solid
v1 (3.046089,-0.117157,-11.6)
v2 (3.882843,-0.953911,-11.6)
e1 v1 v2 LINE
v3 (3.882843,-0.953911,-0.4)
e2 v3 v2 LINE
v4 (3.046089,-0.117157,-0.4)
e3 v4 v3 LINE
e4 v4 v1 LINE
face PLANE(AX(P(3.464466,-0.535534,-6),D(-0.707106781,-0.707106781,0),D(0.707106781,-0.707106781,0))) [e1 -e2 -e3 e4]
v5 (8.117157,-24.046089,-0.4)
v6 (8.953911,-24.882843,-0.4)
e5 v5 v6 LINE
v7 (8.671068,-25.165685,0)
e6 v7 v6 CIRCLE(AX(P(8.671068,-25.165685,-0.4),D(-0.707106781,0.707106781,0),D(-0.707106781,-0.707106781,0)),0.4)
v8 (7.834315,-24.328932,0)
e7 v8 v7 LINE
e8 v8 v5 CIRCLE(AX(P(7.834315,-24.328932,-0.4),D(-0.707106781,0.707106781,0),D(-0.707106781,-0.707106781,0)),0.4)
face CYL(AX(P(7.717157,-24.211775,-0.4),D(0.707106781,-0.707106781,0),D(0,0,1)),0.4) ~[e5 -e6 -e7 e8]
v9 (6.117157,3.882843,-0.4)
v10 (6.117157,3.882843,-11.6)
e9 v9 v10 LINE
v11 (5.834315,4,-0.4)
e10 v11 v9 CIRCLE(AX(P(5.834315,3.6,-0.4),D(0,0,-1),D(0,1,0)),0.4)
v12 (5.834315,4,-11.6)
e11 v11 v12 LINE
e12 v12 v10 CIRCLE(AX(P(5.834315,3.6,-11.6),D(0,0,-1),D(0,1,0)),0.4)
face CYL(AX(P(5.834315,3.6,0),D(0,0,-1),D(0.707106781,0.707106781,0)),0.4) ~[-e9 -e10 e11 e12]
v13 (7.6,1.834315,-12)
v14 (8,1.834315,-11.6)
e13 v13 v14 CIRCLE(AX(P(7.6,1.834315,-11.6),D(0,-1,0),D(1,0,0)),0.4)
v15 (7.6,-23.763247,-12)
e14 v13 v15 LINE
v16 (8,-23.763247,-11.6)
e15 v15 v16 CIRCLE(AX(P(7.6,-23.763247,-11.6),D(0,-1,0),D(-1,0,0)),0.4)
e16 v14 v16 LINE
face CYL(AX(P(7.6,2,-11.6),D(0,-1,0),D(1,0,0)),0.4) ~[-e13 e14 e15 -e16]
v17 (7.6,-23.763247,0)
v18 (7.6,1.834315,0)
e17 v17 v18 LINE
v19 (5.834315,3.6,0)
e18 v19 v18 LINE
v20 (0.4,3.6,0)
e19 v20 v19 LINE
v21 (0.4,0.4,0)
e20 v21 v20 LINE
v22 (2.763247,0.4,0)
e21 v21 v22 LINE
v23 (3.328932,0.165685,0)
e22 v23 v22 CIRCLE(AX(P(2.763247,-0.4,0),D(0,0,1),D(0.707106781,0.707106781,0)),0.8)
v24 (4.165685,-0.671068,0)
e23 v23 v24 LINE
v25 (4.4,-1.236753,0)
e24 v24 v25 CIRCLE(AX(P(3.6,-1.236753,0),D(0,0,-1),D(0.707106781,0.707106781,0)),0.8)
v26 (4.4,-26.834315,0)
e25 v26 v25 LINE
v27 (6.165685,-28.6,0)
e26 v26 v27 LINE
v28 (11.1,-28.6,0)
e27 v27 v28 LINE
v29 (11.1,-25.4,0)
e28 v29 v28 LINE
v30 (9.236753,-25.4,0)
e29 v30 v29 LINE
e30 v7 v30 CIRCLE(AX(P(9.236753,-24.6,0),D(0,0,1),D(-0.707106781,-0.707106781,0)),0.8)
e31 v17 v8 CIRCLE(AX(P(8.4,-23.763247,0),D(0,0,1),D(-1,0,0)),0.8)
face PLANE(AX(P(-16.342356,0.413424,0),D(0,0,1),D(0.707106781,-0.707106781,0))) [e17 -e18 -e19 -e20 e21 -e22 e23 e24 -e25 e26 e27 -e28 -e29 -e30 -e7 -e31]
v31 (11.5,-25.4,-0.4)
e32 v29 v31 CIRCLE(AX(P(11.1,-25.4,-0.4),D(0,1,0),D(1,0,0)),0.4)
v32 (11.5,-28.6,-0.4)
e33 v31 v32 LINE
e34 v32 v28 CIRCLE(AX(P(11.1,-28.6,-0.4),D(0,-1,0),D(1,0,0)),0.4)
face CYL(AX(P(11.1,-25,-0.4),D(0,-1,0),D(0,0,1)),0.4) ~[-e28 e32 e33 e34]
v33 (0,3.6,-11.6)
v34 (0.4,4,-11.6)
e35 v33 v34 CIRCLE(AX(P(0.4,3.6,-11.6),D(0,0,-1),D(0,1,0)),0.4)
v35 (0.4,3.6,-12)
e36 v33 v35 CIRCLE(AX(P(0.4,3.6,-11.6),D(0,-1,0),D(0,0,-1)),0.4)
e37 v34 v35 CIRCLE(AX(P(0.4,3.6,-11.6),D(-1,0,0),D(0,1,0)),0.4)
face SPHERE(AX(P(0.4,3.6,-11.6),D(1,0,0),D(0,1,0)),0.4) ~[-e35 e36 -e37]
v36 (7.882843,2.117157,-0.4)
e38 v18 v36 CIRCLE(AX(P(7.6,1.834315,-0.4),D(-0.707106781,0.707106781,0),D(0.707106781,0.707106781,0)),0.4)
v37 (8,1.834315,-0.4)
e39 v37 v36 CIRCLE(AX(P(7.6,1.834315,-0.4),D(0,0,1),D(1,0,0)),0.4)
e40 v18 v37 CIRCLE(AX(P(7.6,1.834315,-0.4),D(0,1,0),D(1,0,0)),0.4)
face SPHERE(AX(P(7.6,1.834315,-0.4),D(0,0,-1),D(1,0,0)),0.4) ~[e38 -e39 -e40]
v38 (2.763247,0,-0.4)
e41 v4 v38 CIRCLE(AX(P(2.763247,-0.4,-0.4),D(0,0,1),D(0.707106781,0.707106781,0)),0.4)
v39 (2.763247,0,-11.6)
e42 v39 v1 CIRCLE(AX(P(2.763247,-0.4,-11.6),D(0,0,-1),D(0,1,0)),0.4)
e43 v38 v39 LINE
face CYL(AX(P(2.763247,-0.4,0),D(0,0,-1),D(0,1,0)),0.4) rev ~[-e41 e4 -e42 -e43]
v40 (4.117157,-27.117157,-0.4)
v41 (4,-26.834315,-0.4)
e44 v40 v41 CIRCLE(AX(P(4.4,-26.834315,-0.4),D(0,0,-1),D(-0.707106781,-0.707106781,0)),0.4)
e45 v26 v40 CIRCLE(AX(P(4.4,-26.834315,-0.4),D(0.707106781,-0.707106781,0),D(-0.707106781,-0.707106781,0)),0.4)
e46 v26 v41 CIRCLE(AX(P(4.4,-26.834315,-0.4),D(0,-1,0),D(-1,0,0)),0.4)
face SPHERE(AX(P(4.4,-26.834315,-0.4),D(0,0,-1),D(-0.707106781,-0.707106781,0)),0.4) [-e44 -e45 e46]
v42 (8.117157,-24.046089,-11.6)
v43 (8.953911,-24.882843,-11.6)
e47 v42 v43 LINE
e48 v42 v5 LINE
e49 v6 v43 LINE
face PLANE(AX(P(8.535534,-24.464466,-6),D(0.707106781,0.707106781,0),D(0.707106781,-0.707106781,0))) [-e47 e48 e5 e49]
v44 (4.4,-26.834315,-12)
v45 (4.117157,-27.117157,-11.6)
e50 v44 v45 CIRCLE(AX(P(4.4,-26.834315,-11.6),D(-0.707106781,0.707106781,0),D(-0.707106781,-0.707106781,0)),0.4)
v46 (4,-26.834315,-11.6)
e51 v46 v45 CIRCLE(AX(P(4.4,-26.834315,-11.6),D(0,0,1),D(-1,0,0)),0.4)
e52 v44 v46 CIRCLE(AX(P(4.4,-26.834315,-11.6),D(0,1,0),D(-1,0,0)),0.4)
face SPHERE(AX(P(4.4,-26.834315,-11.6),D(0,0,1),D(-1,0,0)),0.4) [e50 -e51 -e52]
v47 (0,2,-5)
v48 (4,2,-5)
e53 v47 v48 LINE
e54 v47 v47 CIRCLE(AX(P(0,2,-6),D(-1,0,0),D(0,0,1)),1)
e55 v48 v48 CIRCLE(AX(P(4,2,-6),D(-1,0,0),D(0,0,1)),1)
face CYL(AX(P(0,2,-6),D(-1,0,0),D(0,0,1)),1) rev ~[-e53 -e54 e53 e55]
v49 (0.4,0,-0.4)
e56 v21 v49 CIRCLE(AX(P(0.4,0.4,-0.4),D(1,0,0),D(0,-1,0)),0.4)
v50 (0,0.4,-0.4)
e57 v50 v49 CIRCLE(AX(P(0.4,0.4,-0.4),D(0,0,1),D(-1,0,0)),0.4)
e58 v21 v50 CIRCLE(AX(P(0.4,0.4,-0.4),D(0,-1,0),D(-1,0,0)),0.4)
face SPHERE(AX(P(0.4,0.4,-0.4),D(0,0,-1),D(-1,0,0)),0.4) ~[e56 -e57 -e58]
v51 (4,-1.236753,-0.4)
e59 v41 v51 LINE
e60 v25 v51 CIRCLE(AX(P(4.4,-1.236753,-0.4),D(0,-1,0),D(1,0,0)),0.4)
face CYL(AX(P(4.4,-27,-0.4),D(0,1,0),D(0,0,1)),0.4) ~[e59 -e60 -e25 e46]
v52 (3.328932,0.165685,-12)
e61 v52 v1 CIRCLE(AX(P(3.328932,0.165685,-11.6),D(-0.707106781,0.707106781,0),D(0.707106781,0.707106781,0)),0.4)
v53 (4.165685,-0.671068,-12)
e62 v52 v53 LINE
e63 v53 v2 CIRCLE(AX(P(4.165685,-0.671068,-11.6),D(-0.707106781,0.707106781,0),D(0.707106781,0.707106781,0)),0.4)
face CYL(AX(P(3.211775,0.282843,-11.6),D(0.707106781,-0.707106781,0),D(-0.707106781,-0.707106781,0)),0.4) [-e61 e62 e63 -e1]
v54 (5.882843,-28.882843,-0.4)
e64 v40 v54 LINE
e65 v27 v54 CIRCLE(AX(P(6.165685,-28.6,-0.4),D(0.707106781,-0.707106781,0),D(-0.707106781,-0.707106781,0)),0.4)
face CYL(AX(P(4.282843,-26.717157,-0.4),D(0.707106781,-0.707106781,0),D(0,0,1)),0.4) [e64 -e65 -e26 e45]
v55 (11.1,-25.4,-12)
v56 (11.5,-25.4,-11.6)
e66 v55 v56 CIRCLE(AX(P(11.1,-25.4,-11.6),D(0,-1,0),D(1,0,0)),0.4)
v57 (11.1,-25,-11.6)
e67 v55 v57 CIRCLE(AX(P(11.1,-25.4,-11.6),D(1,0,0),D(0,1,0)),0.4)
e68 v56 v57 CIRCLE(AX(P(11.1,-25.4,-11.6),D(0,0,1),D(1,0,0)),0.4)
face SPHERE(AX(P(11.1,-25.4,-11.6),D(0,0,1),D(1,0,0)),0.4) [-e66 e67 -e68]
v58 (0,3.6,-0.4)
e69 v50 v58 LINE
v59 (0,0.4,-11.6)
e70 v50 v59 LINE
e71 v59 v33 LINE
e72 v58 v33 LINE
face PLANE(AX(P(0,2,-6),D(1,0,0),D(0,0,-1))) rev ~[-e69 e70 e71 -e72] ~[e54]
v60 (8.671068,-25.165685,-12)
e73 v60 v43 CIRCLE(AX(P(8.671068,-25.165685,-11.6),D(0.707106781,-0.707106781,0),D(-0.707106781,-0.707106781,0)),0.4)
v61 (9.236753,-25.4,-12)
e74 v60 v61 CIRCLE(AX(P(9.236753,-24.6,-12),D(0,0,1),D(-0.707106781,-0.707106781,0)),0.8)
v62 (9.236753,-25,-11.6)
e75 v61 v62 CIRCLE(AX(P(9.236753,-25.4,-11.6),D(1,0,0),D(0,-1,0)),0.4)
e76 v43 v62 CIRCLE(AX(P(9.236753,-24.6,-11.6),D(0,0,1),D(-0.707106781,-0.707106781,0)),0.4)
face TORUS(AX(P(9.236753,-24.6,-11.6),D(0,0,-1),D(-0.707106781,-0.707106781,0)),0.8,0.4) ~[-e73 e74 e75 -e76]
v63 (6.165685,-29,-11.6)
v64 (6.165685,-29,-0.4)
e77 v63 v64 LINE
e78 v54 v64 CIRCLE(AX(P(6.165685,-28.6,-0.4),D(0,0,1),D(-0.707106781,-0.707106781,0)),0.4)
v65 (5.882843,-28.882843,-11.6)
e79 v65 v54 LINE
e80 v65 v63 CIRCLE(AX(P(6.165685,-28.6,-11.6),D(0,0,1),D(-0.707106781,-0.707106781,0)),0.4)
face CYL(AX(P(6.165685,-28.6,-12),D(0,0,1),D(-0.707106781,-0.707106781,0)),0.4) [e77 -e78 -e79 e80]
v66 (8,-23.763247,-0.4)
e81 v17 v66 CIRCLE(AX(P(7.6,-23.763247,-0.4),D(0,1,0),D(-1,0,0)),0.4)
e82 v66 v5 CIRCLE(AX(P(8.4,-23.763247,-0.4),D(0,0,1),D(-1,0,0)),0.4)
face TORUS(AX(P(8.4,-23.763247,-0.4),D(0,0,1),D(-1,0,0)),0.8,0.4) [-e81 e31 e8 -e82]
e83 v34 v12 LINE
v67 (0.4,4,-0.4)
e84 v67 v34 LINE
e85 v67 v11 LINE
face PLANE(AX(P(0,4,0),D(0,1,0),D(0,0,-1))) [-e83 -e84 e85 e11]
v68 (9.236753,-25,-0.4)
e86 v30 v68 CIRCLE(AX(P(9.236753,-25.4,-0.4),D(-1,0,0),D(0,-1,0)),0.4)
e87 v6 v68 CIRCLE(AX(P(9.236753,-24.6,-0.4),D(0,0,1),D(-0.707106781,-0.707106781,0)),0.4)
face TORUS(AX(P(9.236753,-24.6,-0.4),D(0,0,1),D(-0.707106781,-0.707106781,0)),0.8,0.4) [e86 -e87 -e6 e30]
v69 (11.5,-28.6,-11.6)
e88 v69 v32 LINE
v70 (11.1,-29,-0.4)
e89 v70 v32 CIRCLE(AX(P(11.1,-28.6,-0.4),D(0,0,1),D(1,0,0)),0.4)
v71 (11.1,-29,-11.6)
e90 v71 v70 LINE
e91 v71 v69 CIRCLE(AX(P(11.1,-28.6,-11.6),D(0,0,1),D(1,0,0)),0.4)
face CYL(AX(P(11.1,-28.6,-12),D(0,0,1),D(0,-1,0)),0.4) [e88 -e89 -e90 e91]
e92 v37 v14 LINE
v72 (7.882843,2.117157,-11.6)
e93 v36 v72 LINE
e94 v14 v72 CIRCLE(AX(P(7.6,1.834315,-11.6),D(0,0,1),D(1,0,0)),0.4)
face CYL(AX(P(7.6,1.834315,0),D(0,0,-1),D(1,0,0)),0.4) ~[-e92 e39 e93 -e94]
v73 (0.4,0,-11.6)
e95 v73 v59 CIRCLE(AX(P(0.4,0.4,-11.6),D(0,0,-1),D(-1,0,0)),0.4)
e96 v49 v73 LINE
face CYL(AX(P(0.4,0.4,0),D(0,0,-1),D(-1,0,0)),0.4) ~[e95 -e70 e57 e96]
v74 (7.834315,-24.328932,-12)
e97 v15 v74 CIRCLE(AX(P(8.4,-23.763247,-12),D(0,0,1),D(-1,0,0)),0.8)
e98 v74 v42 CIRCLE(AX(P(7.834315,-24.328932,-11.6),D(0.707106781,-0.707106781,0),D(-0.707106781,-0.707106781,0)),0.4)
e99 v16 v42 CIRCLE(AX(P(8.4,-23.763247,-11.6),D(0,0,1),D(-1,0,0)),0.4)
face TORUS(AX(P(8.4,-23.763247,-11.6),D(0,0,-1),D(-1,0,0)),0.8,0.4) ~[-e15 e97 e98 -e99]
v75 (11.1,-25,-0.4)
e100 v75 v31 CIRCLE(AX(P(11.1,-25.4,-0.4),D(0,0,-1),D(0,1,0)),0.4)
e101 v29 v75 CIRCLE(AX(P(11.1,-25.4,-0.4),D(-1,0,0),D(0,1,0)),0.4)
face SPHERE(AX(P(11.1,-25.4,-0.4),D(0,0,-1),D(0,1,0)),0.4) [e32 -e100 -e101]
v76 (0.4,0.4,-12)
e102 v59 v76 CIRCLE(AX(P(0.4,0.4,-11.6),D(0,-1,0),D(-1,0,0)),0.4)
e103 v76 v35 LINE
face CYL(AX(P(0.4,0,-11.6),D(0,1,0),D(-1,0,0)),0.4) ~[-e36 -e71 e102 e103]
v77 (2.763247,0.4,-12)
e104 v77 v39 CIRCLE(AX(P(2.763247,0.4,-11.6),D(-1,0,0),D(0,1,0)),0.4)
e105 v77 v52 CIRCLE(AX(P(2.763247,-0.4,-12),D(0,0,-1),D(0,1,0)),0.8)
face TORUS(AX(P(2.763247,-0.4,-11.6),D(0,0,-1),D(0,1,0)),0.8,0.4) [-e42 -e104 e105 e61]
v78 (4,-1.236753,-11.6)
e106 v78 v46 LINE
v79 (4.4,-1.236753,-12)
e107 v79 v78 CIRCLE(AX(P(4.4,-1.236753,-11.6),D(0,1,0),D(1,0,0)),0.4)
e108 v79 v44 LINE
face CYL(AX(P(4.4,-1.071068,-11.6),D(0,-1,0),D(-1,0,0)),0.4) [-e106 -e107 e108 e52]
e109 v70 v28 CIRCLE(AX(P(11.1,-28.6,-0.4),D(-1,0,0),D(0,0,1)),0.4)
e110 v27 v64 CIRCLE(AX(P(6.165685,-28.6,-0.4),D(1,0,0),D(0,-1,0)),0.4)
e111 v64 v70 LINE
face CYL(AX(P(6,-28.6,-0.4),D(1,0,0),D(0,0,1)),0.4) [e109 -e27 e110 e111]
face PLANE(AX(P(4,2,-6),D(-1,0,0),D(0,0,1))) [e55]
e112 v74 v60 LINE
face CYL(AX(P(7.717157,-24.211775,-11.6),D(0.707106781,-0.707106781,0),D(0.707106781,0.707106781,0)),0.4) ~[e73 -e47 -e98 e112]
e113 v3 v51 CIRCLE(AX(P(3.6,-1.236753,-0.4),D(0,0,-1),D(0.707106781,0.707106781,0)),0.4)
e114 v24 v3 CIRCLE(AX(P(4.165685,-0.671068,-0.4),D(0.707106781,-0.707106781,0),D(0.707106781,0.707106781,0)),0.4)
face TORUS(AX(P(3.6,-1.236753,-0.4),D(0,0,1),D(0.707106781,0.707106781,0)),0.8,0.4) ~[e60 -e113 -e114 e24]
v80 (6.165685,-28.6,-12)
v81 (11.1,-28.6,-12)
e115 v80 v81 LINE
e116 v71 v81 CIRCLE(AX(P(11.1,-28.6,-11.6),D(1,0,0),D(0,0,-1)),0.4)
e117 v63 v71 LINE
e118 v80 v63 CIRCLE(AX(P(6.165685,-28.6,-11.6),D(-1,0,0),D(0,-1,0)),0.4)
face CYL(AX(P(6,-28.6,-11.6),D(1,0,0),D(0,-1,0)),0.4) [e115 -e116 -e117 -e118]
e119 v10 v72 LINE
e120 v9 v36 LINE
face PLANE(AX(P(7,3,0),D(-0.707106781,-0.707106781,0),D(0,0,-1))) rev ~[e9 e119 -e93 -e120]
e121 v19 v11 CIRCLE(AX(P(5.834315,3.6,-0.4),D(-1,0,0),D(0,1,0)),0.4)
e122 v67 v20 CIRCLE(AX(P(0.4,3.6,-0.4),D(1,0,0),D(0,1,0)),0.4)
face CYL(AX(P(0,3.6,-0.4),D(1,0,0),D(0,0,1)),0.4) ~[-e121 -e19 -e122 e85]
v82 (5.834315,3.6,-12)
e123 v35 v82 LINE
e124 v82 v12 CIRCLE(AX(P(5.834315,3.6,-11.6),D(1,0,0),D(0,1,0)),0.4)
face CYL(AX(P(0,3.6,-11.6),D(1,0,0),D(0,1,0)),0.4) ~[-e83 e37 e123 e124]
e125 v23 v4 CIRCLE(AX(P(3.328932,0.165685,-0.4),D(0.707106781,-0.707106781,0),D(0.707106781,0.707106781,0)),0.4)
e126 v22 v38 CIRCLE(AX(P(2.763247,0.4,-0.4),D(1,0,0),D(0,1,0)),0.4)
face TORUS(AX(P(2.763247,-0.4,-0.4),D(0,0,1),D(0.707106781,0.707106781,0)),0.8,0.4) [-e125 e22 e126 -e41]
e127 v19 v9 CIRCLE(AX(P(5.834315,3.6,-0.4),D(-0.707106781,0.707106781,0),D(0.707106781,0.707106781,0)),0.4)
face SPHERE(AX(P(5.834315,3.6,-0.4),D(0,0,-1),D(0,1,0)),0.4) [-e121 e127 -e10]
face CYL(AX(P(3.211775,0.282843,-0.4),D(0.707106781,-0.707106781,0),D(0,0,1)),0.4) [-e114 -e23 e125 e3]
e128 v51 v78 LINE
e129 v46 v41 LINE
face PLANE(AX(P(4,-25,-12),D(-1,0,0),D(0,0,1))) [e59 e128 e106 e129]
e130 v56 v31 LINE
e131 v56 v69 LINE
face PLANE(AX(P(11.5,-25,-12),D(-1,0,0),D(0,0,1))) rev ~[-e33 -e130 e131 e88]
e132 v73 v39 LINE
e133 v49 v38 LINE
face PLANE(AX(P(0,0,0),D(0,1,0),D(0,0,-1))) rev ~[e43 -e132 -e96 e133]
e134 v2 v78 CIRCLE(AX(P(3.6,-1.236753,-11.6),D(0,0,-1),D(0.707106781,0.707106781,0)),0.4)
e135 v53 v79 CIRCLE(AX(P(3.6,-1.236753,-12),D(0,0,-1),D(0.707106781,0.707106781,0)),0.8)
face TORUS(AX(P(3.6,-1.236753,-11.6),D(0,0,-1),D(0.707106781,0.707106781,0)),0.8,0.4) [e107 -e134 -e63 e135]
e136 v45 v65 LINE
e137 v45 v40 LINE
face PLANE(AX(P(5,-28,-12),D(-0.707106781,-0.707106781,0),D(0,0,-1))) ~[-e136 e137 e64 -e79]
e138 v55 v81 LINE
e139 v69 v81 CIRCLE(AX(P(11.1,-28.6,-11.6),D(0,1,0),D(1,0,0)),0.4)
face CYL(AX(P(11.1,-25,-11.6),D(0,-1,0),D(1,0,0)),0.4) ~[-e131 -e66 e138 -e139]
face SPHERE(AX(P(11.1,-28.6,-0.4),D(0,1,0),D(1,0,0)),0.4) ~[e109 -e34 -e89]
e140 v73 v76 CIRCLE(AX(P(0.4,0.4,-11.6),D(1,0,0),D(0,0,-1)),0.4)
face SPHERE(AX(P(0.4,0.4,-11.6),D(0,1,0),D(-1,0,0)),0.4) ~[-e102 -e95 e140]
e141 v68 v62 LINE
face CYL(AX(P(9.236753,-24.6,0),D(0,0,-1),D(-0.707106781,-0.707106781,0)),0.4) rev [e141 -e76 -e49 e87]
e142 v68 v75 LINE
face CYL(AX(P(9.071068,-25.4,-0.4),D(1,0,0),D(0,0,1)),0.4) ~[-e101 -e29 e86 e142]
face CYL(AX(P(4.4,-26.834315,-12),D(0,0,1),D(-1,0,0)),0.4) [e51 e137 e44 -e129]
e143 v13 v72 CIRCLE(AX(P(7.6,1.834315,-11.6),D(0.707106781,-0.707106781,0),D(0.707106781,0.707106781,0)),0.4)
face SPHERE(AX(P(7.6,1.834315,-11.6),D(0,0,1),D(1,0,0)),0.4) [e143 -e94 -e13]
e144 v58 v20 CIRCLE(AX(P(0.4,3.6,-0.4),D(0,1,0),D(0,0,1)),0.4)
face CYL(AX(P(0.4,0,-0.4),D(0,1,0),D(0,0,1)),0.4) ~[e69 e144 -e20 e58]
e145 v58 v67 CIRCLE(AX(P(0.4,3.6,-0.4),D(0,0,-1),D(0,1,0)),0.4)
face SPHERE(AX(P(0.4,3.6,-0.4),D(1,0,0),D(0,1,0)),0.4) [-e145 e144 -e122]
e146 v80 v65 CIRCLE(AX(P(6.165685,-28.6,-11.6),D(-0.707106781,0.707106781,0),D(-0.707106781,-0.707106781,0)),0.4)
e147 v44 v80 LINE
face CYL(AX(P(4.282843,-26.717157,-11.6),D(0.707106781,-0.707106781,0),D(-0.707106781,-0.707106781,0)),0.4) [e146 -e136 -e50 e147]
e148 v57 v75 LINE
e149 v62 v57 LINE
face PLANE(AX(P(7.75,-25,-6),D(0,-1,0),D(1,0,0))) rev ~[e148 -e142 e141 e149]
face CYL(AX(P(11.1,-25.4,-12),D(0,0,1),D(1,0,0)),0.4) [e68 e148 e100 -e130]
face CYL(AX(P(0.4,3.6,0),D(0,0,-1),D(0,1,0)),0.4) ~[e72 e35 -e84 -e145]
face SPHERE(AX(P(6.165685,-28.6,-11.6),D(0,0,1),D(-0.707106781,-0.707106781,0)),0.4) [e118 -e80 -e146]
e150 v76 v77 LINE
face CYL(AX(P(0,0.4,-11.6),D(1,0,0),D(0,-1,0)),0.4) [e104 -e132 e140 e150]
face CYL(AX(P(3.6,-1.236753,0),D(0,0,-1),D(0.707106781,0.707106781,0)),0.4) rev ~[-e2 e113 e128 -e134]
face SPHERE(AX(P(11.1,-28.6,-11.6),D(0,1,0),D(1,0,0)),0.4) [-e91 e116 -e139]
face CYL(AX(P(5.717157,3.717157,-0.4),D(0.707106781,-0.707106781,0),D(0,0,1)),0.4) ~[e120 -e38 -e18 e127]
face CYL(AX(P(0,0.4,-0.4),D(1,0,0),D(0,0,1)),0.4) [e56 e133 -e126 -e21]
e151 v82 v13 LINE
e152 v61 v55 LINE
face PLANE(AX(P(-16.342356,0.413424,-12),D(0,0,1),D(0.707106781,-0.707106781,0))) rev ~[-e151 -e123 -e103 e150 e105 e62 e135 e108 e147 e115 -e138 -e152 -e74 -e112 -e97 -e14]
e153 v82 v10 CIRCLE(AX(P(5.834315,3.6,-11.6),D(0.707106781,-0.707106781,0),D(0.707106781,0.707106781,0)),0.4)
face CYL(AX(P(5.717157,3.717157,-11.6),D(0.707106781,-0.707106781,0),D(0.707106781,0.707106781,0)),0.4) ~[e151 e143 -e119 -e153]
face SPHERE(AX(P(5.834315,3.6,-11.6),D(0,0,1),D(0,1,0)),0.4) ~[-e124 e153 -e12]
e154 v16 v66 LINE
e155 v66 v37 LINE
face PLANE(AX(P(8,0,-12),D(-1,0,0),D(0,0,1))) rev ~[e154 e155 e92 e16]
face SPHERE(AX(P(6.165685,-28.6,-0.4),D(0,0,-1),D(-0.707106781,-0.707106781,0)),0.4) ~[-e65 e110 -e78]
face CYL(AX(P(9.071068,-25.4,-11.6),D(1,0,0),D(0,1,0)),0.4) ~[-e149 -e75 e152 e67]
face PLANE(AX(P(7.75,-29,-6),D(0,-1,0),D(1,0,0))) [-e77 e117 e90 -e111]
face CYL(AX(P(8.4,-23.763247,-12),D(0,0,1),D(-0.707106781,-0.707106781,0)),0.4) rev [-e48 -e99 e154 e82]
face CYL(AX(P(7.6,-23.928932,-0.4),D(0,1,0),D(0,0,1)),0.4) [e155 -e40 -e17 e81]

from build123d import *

# Parameters (mm, degrees)
SKETCH1_W           = 12
SKETCH1_H           = 4
BOSS_EXTRUDE1_DEPTH = 8
SKETCH2_W           = 4
SKETCH2_H           = 12
BOSS_EXTRUDE2_DEPTH = 25
SKETCH3_W           = 7.5
SKETCH3_H           = 12
BOSS_EXTRUDE3_DEPTH = 4
CHAMFER1_SIZE       = 2
RIB1_REACH          = 35.425
SKETCH4_WALL_W      = 70.36529828
SKETCH4_WALL_H      = 12
RIB2_REACH          = 35.425
SKETCH5_WALL_W      = 70.36529828
SKETCH5_WALL_H      = 12
SKETCH7_R           = 1
CUT_EXTRUDE2_DEPTH  = 4
FILLET1_R           = 0.4


with BuildPart() as part:
    # Sketch1 → Boss-Extrude1 (new body)
    with BuildSketch(Plane(origin=(0, 0, 0), x_dir=(0, 0, -1), z_dir=(1, 0, 0))):
        with Locations((6, 2)):
            Rectangle(SKETCH1_W, SKETCH1_H)
    extrude(amount=BOSS_EXTRUDE1_DEPTH)

    # Sketch2 → Boss-Extrude2 (add)
    with BuildSketch(Plane.XZ):
        with Locations((6, -6)):
            Rectangle(SKETCH2_W, SKETCH2_H)
    extrude(amount=BOSS_EXTRUDE2_DEPTH)

    # Sketch3 → Boss-Extrude3 (add)
    with BuildSketch(Plane.XZ.offset(25)):
        with Locations((7.75, -6)):
            Rectangle(SKETCH3_W, SKETCH3_H)
    extrude(amount=BOSS_EXTRUDE3_DEPTH)

    # Chamfer1
    chamfer1_edges = [part.edges().sort_by_distance(p)[0] for p in [
        (8, 4, -6),
        (4, -29, -6),
    ]]
    chamfer(chamfer1_edges, length=CHAMFER1_SIZE)

    # Sketch4 wall → Rib1 (add, up to next)
    with BuildSketch(Plane(origin=(3.464466094, -0.535533906, -12), x_dir=(0.707106781187, -0.707106781187, 0), z_dir=(-0.707106781187, -0.707106781187, 0)), mode=Mode.PRIVATE) as rib1_sk1:
        with Locations((0, 6)):
            Rectangle(SKETCH4_WALL_W, SKETCH4_WALL_H)
    rib1_tool1 = extrude(rib1_sk1.sketch, amount=-RIB1_REACH, mode=Mode.PRIVATE) - part.part
    add(rib1_tool1.solids().sort_by_distance((3.464466094, -0.535533906, -12))[0])

    # Sketch5 wall → Rib2 (add, up to next)
    with BuildSketch(Plane(origin=(8.535533906, -24.464466094, 0), x_dir=(0.707106781187, -0.707106781187, 0), z_dir=(0.707106781187, 0.707106781187, 0)), mode=Mode.PRIVATE) as rib2_sk1:
        with Locations((0, 6)):
            Rectangle(SKETCH5_WALL_W, SKETCH5_WALL_H)
    rib2_tool1 = extrude(rib2_sk1.sketch, amount=-RIB2_REACH, mode=Mode.PRIVATE) - part.part
    add(rib2_tool1.solids().sort_by_distance((8.535533906, -24.464466094, 0))[0])

    # Sketch7 → Cut-Extrude2 (cut)
    with BuildSketch(Plane.ZY):
        with Locations((-6, 2)):
            Circle(SKETCH7_R)
    extrude(amount=-CUT_EXTRUDE2_DEPTH, mode=Mode.SUBTRACT)

    # Fillet1
    fillet1_edges = [part.edges().sort_by_distance(p)[0] for p in [
        (11.5, -25, -6),
        (11.5, -27, -12),
        (10.285533906, -25, 0),
        (11.5, -27, 0),
        (11.5, -29, -6),
        (8.75, -29, 0),
        (8.75, -29, -12),
        (6, -29, -6),
        (3, 4, -12),
        (4, -14.035533906, -12),
        (7, 3, -12),
        (5, -28, -12),
        (4, -14.035533906, 0),
        (4, -27, -6),
        (8, -10.964466094, 0),
        (3, 4, 0),
        (7, 3, 0),
        (5, -28, 0),
        (0, 4, -6),
        (8, 2, -6),
        (6, 4, -6),
        (0, 2, -12),
        (0, 0, -6),
        (4, -1.071067812, -6),
        (0, 2, 0),
        (1.464466094, 0, -12),
        (1.464466094, 0, 0),
        (3.464466094, -0.535533906, -12),
        (2.928932188, 0, -6),
        (3.464466094, -0.535533906, 0),
        (10.285533906, -25, -12),
        (9.071067812, -25, -6),
        (8, -10.964466094, -12),
        (8.535533906, -24.464466094, 0),
        (8.535533906, -24.464466094, -12),
        (8, -23.928932188, -6),
    ]]
    fillet(fillet1_edges, radius=FILLET1_R)


solid = part.part
